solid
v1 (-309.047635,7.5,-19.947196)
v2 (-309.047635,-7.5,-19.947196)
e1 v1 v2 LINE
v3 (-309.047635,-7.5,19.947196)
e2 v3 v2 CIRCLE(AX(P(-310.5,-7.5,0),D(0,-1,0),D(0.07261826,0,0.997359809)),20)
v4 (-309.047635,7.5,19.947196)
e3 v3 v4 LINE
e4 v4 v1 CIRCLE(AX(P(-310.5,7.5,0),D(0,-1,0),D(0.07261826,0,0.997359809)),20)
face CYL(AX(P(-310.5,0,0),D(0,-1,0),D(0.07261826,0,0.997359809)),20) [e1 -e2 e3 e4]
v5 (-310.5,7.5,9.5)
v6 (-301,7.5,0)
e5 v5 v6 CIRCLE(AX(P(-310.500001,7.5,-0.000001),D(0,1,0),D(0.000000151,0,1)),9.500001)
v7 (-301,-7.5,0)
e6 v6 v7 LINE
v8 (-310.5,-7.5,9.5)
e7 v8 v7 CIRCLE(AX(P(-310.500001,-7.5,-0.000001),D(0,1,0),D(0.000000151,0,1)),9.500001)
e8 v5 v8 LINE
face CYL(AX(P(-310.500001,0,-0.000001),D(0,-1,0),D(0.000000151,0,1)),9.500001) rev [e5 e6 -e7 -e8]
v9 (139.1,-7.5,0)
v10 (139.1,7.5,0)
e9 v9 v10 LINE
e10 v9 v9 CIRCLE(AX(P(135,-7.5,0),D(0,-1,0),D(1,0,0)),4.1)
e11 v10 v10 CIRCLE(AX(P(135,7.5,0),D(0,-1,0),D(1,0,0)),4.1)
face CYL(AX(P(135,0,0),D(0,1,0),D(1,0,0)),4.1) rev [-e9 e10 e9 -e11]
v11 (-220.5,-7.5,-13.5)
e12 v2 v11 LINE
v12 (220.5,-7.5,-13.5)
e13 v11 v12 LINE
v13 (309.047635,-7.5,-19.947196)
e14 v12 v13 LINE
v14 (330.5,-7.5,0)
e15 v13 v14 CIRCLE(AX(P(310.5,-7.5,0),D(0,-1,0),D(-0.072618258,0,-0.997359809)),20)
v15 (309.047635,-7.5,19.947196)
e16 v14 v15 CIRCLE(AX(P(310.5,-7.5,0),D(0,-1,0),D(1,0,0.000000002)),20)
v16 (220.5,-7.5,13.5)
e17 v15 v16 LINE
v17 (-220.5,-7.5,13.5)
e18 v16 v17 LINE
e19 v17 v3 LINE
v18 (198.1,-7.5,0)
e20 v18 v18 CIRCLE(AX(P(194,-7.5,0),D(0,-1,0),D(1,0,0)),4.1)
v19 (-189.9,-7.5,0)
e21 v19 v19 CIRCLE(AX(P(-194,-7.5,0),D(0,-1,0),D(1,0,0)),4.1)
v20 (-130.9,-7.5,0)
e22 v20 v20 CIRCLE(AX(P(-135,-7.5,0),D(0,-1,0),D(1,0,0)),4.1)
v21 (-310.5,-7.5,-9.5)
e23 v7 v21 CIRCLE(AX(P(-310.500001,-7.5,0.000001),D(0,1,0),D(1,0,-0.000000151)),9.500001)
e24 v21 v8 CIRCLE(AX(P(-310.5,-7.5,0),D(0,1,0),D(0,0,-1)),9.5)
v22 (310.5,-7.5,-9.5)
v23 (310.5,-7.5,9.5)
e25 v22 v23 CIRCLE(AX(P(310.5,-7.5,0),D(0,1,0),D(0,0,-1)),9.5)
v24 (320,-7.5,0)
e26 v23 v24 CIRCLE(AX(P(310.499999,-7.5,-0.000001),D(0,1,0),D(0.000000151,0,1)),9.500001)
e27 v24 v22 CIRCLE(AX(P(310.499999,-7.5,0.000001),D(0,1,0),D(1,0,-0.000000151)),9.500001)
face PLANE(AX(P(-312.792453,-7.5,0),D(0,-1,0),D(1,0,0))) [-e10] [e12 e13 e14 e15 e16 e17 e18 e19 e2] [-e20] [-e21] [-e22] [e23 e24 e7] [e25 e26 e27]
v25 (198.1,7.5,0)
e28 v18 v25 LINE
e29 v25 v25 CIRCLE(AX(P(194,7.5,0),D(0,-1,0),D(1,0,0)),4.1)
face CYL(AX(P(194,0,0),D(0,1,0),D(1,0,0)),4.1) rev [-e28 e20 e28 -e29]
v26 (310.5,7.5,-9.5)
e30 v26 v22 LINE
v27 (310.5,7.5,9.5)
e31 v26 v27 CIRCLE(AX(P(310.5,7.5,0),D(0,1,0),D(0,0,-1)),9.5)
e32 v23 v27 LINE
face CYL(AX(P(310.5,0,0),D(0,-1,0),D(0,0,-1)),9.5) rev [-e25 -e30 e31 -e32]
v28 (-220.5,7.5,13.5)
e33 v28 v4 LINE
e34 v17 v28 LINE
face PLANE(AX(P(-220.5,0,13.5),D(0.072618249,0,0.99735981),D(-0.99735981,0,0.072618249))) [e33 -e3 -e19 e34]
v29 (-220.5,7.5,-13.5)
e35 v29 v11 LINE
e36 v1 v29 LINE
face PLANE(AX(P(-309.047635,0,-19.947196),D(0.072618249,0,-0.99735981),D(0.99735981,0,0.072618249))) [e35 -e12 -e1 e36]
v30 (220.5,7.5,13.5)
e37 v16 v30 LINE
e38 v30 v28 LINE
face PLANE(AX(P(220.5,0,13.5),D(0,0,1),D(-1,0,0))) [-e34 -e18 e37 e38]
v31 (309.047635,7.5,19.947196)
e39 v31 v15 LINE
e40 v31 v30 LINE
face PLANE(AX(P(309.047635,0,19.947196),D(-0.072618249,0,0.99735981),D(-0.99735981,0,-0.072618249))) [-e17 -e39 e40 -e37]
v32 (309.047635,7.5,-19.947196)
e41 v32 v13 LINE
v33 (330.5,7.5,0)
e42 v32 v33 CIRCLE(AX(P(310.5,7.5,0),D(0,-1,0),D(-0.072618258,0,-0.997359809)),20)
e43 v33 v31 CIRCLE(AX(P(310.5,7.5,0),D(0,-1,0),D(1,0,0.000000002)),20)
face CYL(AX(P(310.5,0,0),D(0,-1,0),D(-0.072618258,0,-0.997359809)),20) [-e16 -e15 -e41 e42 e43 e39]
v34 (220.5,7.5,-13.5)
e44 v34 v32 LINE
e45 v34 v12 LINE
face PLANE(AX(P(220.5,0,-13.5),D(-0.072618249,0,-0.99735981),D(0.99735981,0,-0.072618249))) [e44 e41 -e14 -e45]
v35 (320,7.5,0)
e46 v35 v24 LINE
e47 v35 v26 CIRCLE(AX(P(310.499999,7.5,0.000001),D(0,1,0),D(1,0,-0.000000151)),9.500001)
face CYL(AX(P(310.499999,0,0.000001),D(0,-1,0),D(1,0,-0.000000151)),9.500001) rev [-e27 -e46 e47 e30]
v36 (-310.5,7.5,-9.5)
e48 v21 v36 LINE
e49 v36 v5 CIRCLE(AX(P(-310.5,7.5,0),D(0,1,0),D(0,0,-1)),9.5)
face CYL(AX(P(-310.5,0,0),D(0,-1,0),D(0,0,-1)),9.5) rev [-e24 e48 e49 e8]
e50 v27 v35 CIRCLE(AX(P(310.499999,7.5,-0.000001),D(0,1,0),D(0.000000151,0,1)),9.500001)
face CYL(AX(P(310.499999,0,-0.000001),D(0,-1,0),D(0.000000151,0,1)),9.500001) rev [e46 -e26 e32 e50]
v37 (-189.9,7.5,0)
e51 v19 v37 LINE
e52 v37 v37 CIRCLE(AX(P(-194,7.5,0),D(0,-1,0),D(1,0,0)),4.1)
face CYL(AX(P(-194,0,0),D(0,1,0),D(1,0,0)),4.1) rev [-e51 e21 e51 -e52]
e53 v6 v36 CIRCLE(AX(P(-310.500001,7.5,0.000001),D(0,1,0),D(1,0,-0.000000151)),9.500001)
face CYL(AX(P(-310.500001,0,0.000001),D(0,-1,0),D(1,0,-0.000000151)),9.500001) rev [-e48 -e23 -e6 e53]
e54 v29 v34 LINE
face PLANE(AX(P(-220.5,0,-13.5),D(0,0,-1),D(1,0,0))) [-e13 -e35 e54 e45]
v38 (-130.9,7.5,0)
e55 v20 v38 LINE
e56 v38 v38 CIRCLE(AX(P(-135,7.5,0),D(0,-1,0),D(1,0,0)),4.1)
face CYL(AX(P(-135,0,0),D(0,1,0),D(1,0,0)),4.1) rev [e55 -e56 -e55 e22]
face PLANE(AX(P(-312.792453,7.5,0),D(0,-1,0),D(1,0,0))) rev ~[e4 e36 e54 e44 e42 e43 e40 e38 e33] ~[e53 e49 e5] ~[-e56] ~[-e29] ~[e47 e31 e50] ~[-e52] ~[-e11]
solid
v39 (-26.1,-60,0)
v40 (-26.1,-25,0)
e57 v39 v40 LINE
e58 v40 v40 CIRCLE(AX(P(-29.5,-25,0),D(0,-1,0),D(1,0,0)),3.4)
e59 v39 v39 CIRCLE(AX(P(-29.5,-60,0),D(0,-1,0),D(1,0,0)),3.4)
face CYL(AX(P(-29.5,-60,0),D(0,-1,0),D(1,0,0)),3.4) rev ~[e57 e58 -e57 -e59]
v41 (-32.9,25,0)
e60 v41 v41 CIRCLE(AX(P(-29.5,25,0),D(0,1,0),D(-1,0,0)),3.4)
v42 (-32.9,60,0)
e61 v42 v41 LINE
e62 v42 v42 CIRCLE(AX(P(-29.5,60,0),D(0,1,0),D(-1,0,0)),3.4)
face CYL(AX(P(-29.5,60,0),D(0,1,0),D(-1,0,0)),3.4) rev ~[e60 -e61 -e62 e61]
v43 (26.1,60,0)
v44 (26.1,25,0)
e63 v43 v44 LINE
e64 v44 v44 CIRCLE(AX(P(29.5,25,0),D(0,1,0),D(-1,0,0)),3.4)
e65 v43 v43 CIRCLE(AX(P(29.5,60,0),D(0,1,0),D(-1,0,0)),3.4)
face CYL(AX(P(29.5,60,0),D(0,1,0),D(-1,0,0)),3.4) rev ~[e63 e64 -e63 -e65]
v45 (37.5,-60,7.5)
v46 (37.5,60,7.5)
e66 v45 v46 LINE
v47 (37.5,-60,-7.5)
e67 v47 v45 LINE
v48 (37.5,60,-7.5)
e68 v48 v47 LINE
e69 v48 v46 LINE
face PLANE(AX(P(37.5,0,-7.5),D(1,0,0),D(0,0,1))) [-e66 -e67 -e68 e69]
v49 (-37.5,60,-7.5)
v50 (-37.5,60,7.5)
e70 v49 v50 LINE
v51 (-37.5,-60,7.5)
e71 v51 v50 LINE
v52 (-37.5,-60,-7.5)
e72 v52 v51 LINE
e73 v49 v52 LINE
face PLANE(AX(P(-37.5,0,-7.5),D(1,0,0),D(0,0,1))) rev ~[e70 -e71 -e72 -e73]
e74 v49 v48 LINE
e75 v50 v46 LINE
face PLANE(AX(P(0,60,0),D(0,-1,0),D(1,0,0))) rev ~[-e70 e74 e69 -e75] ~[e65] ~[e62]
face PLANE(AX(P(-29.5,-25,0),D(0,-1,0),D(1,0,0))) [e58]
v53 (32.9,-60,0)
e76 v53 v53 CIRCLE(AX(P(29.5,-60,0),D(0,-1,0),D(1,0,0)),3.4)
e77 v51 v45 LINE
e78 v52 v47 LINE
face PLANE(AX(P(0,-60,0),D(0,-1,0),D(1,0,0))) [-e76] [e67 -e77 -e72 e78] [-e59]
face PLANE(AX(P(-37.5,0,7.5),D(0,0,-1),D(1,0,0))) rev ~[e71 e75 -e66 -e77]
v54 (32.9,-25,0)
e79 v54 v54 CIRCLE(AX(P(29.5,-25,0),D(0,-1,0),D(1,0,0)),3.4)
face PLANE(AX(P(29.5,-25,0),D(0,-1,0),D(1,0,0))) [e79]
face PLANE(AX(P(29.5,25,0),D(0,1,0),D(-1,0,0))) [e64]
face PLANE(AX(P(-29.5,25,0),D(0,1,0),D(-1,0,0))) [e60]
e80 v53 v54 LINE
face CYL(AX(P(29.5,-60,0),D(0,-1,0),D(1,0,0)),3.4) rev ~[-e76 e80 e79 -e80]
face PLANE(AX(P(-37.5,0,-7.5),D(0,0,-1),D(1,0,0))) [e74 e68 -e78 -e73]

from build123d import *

# Parameters (mm, degrees)
F0_R     = 4.1
F1_DEPTH = 7.5
F2_W     = 75
F2_H     = 15
F2_R     = 3.4
F3_DEPTH = 60
F4_R     = 3.4
F6_DEPTH = 35
F5_R     = 3.4
F7_DEPTH = 35


with BuildPart() as f1:
    # F0 (on Front) → F1 (new body, symmetric)
    with BuildSketch(Plane.XZ):
        with BuildLine():
            Line((-310.5, 13.5), (-295.743645, 13.5))
            ThreePointArc((-295.743645, 13.5), (-301.77806, 17.997993), (-309.047635, 19.947196))
            ThreePointArc((-309.047635, 19.947196), (-330.5, 0), (-309.047635, -19.947196))
            ThreePointArc((-309.047635, -19.947196), (-301.77806, -17.997993), (-295.743645, -13.5))
            Line((-295.743645, -13.5), (-310.5, -13.5))
            Line((-310.5, -13.5), (-310.5, -9.5))
            ThreePointArc((-310.5, -9.5), (-320, 0), (-310.5, 9.5))
            Line((-310.5, 9.5), (-310.5, 13.5))
        make_face()
        with BuildLine():
            ThreePointArc((-290.5, 0), (-291.856944, 7.241302), (-295.743645, 13.5))
            Line((-295.743645, 13.5), (-310.5, 13.5))
            Line((-310.5, 13.5), (-310.5, 9.5))
            ThreePointArc((-310.5, 9.5), (-303.782486, 6.717514), (-301, 0))
            ThreePointArc((-301, 0), (-303.782486, -6.717514), (-310.5, -9.5))
            Line((-310.5, -9.5), (-310.5, -13.5))
            Line((-310.5, -13.5), (-295.743645, -13.5))
            ThreePointArc((-295.743645, -13.5), (-291.856944, -7.241302), (-290.5, 0))
        make_face()
        with BuildLine():
            Line((-295.743645, 13.5), (-220.5, 13.5))
            Line((-220.5, 13.5), (-309.047635, 19.947196))
            ThreePointArc((-309.047635, 19.947196), (-301.77806, 17.997993), (-295.743645, 13.5))
        make_face()
        with BuildLine():
            ThreePointArc((-295.743645, -13.5), (-301.77806, -17.997993), (-309.047635, -19.947196))
            Line((-309.047635, -19.947196), (-220.5, -13.5))
            Line((-220.5, -13.5), (-295.743645, -13.5))
        make_face()
        with BuildLine():
            Line((295.743645, 13.5), (220.5, 13.5))
            Line((220.5, 13.5), (-220.5, 13.5))
            Line((-220.5, 13.5), (-295.743645, 13.5))
            ThreePointArc((-295.743645, 13.5), (-291.856944, 7.241302), (-290.5, 0))
            ThreePointArc((-290.5, 0), (-291.856944, -7.241302), (-295.743645, -13.5))
            Line((-295.743645, -13.5), (-220.5, -13.5))
            Line((-220.5, -13.5), (220.5, -13.5))
            Line((220.5, -13.5), (295.743645, -13.5))
            ThreePointArc((295.743645, -13.5), (290.5, 0), (295.743645, 13.5))
        make_face()
        with Locations((-194, 0)):
            Circle(F0_R, mode=Mode.SUBTRACT)
        with Locations((-135, 0)):
            Circle(F0_R, mode=Mode.SUBTRACT)
        with Locations((135, 0)):
            Circle(F0_R, mode=Mode.SUBTRACT)
        with Locations((194, 0)):
            Circle(F0_R, mode=Mode.SUBTRACT)
        with BuildLine():
            Line((309.047635, 19.947196), (220.5, 13.5))
            Line((220.5, 13.5), (295.743645, 13.5))
            ThreePointArc((295.743645, 13.5), (301.77806, 17.997993), (309.047635, 19.947196))
        make_face()
        with BuildLine():
            ThreePointArc((309.047635, -19.947196), (301.77806, -17.997993), (295.743645, -13.5))
            Line((295.743645, -13.5), (220.5, -13.5))
            Line((220.5, -13.5), (309.047635, -19.947196))
        make_face()
        with BuildLine():
            ThreePointArc((309.047635, 19.947196), (301.77806, 17.997993), (295.743645, 13.5))
            Line((295.743645, 13.5), (310.5, 13.5))
            Line((310.5, 13.5), (310.5, 9.5))
            ThreePointArc((310.5, 9.5), (317.217514, 6.717514), (320, 0))
            ThreePointArc((320, 0), (317.217514, -6.717514), (310.5, -9.5))
            Line((310.5, -9.5), (310.5, -13.5))
            Line((310.5, -13.5), (295.743645, -13.5))
            ThreePointArc((295.743645, -13.5), (301.77806, -17.997993), (309.047635, -19.947196))
            ThreePointArc((309.047635, -19.947196), (324.11897, -14.646626), (330.5, 0))
            ThreePointArc((330.5, 0), (324.11897, 14.646626), (309.047635, 19.947196))
        make_face()
        with BuildLine():
            Line((310.5, 13.5), (295.743645, 13.5))
            ThreePointArc((295.743645, 13.5), (290.5, 0), (295.743645, -13.5))
            Line((295.743645, -13.5), (310.5, -13.5))
            Line((310.5, -13.5), (310.5, -9.5))
            ThreePointArc((310.5, -9.5), (301, 0), (310.5, 9.5))
            Line((310.5, 9.5), (310.5, 13.5))
        make_face()
    extrude(amount=F1_DEPTH, both=True)


with BuildPart() as f3:
    # F2 (on Front) → F3 (new body, symmetric)
    with BuildSketch(Plane.XZ):
        Rectangle(F2_W, F2_H)
        with Locations((-29.5, 0)):
            Circle(F2_R, mode=Mode.SUBTRACT)
        with Locations((29.5, 0)):
            Circle(F2_R, mode=Mode.SUBTRACT)
        with Locations((-29.5, 0)):
            Circle(F2_R)
        with Locations((29.5, 0)):
            Circle(F2_R)
    extrude(amount=F3_DEPTH, both=True)

    # F4 (on face) → F6 (cut)
    with BuildSketch(Plane.XZ.offset(60)):
        with Locations((-29.5, 0)):
            Circle(F4_R)
        with Locations((29.5, 0)):
            Circle(F4_R)
    extrude(amount=-F6_DEPTH, mode=Mode.SUBTRACT)

    # F5 (on face) → F7 (cut)
    with BuildSketch(Plane(origin=(0, 60, 0), x_dir=(-1, 0, 0), z_dir=(0, 1, 0))):
        with Locations((-29.5, 0)):
            Circle(F5_R)
        with Locations((29.5, 0)):
            Circle(F5_R)
    extrude(amount=-F7_DEPTH, mode=Mode.SUBTRACT)


solid = Compound([f1.part, f3.part])
